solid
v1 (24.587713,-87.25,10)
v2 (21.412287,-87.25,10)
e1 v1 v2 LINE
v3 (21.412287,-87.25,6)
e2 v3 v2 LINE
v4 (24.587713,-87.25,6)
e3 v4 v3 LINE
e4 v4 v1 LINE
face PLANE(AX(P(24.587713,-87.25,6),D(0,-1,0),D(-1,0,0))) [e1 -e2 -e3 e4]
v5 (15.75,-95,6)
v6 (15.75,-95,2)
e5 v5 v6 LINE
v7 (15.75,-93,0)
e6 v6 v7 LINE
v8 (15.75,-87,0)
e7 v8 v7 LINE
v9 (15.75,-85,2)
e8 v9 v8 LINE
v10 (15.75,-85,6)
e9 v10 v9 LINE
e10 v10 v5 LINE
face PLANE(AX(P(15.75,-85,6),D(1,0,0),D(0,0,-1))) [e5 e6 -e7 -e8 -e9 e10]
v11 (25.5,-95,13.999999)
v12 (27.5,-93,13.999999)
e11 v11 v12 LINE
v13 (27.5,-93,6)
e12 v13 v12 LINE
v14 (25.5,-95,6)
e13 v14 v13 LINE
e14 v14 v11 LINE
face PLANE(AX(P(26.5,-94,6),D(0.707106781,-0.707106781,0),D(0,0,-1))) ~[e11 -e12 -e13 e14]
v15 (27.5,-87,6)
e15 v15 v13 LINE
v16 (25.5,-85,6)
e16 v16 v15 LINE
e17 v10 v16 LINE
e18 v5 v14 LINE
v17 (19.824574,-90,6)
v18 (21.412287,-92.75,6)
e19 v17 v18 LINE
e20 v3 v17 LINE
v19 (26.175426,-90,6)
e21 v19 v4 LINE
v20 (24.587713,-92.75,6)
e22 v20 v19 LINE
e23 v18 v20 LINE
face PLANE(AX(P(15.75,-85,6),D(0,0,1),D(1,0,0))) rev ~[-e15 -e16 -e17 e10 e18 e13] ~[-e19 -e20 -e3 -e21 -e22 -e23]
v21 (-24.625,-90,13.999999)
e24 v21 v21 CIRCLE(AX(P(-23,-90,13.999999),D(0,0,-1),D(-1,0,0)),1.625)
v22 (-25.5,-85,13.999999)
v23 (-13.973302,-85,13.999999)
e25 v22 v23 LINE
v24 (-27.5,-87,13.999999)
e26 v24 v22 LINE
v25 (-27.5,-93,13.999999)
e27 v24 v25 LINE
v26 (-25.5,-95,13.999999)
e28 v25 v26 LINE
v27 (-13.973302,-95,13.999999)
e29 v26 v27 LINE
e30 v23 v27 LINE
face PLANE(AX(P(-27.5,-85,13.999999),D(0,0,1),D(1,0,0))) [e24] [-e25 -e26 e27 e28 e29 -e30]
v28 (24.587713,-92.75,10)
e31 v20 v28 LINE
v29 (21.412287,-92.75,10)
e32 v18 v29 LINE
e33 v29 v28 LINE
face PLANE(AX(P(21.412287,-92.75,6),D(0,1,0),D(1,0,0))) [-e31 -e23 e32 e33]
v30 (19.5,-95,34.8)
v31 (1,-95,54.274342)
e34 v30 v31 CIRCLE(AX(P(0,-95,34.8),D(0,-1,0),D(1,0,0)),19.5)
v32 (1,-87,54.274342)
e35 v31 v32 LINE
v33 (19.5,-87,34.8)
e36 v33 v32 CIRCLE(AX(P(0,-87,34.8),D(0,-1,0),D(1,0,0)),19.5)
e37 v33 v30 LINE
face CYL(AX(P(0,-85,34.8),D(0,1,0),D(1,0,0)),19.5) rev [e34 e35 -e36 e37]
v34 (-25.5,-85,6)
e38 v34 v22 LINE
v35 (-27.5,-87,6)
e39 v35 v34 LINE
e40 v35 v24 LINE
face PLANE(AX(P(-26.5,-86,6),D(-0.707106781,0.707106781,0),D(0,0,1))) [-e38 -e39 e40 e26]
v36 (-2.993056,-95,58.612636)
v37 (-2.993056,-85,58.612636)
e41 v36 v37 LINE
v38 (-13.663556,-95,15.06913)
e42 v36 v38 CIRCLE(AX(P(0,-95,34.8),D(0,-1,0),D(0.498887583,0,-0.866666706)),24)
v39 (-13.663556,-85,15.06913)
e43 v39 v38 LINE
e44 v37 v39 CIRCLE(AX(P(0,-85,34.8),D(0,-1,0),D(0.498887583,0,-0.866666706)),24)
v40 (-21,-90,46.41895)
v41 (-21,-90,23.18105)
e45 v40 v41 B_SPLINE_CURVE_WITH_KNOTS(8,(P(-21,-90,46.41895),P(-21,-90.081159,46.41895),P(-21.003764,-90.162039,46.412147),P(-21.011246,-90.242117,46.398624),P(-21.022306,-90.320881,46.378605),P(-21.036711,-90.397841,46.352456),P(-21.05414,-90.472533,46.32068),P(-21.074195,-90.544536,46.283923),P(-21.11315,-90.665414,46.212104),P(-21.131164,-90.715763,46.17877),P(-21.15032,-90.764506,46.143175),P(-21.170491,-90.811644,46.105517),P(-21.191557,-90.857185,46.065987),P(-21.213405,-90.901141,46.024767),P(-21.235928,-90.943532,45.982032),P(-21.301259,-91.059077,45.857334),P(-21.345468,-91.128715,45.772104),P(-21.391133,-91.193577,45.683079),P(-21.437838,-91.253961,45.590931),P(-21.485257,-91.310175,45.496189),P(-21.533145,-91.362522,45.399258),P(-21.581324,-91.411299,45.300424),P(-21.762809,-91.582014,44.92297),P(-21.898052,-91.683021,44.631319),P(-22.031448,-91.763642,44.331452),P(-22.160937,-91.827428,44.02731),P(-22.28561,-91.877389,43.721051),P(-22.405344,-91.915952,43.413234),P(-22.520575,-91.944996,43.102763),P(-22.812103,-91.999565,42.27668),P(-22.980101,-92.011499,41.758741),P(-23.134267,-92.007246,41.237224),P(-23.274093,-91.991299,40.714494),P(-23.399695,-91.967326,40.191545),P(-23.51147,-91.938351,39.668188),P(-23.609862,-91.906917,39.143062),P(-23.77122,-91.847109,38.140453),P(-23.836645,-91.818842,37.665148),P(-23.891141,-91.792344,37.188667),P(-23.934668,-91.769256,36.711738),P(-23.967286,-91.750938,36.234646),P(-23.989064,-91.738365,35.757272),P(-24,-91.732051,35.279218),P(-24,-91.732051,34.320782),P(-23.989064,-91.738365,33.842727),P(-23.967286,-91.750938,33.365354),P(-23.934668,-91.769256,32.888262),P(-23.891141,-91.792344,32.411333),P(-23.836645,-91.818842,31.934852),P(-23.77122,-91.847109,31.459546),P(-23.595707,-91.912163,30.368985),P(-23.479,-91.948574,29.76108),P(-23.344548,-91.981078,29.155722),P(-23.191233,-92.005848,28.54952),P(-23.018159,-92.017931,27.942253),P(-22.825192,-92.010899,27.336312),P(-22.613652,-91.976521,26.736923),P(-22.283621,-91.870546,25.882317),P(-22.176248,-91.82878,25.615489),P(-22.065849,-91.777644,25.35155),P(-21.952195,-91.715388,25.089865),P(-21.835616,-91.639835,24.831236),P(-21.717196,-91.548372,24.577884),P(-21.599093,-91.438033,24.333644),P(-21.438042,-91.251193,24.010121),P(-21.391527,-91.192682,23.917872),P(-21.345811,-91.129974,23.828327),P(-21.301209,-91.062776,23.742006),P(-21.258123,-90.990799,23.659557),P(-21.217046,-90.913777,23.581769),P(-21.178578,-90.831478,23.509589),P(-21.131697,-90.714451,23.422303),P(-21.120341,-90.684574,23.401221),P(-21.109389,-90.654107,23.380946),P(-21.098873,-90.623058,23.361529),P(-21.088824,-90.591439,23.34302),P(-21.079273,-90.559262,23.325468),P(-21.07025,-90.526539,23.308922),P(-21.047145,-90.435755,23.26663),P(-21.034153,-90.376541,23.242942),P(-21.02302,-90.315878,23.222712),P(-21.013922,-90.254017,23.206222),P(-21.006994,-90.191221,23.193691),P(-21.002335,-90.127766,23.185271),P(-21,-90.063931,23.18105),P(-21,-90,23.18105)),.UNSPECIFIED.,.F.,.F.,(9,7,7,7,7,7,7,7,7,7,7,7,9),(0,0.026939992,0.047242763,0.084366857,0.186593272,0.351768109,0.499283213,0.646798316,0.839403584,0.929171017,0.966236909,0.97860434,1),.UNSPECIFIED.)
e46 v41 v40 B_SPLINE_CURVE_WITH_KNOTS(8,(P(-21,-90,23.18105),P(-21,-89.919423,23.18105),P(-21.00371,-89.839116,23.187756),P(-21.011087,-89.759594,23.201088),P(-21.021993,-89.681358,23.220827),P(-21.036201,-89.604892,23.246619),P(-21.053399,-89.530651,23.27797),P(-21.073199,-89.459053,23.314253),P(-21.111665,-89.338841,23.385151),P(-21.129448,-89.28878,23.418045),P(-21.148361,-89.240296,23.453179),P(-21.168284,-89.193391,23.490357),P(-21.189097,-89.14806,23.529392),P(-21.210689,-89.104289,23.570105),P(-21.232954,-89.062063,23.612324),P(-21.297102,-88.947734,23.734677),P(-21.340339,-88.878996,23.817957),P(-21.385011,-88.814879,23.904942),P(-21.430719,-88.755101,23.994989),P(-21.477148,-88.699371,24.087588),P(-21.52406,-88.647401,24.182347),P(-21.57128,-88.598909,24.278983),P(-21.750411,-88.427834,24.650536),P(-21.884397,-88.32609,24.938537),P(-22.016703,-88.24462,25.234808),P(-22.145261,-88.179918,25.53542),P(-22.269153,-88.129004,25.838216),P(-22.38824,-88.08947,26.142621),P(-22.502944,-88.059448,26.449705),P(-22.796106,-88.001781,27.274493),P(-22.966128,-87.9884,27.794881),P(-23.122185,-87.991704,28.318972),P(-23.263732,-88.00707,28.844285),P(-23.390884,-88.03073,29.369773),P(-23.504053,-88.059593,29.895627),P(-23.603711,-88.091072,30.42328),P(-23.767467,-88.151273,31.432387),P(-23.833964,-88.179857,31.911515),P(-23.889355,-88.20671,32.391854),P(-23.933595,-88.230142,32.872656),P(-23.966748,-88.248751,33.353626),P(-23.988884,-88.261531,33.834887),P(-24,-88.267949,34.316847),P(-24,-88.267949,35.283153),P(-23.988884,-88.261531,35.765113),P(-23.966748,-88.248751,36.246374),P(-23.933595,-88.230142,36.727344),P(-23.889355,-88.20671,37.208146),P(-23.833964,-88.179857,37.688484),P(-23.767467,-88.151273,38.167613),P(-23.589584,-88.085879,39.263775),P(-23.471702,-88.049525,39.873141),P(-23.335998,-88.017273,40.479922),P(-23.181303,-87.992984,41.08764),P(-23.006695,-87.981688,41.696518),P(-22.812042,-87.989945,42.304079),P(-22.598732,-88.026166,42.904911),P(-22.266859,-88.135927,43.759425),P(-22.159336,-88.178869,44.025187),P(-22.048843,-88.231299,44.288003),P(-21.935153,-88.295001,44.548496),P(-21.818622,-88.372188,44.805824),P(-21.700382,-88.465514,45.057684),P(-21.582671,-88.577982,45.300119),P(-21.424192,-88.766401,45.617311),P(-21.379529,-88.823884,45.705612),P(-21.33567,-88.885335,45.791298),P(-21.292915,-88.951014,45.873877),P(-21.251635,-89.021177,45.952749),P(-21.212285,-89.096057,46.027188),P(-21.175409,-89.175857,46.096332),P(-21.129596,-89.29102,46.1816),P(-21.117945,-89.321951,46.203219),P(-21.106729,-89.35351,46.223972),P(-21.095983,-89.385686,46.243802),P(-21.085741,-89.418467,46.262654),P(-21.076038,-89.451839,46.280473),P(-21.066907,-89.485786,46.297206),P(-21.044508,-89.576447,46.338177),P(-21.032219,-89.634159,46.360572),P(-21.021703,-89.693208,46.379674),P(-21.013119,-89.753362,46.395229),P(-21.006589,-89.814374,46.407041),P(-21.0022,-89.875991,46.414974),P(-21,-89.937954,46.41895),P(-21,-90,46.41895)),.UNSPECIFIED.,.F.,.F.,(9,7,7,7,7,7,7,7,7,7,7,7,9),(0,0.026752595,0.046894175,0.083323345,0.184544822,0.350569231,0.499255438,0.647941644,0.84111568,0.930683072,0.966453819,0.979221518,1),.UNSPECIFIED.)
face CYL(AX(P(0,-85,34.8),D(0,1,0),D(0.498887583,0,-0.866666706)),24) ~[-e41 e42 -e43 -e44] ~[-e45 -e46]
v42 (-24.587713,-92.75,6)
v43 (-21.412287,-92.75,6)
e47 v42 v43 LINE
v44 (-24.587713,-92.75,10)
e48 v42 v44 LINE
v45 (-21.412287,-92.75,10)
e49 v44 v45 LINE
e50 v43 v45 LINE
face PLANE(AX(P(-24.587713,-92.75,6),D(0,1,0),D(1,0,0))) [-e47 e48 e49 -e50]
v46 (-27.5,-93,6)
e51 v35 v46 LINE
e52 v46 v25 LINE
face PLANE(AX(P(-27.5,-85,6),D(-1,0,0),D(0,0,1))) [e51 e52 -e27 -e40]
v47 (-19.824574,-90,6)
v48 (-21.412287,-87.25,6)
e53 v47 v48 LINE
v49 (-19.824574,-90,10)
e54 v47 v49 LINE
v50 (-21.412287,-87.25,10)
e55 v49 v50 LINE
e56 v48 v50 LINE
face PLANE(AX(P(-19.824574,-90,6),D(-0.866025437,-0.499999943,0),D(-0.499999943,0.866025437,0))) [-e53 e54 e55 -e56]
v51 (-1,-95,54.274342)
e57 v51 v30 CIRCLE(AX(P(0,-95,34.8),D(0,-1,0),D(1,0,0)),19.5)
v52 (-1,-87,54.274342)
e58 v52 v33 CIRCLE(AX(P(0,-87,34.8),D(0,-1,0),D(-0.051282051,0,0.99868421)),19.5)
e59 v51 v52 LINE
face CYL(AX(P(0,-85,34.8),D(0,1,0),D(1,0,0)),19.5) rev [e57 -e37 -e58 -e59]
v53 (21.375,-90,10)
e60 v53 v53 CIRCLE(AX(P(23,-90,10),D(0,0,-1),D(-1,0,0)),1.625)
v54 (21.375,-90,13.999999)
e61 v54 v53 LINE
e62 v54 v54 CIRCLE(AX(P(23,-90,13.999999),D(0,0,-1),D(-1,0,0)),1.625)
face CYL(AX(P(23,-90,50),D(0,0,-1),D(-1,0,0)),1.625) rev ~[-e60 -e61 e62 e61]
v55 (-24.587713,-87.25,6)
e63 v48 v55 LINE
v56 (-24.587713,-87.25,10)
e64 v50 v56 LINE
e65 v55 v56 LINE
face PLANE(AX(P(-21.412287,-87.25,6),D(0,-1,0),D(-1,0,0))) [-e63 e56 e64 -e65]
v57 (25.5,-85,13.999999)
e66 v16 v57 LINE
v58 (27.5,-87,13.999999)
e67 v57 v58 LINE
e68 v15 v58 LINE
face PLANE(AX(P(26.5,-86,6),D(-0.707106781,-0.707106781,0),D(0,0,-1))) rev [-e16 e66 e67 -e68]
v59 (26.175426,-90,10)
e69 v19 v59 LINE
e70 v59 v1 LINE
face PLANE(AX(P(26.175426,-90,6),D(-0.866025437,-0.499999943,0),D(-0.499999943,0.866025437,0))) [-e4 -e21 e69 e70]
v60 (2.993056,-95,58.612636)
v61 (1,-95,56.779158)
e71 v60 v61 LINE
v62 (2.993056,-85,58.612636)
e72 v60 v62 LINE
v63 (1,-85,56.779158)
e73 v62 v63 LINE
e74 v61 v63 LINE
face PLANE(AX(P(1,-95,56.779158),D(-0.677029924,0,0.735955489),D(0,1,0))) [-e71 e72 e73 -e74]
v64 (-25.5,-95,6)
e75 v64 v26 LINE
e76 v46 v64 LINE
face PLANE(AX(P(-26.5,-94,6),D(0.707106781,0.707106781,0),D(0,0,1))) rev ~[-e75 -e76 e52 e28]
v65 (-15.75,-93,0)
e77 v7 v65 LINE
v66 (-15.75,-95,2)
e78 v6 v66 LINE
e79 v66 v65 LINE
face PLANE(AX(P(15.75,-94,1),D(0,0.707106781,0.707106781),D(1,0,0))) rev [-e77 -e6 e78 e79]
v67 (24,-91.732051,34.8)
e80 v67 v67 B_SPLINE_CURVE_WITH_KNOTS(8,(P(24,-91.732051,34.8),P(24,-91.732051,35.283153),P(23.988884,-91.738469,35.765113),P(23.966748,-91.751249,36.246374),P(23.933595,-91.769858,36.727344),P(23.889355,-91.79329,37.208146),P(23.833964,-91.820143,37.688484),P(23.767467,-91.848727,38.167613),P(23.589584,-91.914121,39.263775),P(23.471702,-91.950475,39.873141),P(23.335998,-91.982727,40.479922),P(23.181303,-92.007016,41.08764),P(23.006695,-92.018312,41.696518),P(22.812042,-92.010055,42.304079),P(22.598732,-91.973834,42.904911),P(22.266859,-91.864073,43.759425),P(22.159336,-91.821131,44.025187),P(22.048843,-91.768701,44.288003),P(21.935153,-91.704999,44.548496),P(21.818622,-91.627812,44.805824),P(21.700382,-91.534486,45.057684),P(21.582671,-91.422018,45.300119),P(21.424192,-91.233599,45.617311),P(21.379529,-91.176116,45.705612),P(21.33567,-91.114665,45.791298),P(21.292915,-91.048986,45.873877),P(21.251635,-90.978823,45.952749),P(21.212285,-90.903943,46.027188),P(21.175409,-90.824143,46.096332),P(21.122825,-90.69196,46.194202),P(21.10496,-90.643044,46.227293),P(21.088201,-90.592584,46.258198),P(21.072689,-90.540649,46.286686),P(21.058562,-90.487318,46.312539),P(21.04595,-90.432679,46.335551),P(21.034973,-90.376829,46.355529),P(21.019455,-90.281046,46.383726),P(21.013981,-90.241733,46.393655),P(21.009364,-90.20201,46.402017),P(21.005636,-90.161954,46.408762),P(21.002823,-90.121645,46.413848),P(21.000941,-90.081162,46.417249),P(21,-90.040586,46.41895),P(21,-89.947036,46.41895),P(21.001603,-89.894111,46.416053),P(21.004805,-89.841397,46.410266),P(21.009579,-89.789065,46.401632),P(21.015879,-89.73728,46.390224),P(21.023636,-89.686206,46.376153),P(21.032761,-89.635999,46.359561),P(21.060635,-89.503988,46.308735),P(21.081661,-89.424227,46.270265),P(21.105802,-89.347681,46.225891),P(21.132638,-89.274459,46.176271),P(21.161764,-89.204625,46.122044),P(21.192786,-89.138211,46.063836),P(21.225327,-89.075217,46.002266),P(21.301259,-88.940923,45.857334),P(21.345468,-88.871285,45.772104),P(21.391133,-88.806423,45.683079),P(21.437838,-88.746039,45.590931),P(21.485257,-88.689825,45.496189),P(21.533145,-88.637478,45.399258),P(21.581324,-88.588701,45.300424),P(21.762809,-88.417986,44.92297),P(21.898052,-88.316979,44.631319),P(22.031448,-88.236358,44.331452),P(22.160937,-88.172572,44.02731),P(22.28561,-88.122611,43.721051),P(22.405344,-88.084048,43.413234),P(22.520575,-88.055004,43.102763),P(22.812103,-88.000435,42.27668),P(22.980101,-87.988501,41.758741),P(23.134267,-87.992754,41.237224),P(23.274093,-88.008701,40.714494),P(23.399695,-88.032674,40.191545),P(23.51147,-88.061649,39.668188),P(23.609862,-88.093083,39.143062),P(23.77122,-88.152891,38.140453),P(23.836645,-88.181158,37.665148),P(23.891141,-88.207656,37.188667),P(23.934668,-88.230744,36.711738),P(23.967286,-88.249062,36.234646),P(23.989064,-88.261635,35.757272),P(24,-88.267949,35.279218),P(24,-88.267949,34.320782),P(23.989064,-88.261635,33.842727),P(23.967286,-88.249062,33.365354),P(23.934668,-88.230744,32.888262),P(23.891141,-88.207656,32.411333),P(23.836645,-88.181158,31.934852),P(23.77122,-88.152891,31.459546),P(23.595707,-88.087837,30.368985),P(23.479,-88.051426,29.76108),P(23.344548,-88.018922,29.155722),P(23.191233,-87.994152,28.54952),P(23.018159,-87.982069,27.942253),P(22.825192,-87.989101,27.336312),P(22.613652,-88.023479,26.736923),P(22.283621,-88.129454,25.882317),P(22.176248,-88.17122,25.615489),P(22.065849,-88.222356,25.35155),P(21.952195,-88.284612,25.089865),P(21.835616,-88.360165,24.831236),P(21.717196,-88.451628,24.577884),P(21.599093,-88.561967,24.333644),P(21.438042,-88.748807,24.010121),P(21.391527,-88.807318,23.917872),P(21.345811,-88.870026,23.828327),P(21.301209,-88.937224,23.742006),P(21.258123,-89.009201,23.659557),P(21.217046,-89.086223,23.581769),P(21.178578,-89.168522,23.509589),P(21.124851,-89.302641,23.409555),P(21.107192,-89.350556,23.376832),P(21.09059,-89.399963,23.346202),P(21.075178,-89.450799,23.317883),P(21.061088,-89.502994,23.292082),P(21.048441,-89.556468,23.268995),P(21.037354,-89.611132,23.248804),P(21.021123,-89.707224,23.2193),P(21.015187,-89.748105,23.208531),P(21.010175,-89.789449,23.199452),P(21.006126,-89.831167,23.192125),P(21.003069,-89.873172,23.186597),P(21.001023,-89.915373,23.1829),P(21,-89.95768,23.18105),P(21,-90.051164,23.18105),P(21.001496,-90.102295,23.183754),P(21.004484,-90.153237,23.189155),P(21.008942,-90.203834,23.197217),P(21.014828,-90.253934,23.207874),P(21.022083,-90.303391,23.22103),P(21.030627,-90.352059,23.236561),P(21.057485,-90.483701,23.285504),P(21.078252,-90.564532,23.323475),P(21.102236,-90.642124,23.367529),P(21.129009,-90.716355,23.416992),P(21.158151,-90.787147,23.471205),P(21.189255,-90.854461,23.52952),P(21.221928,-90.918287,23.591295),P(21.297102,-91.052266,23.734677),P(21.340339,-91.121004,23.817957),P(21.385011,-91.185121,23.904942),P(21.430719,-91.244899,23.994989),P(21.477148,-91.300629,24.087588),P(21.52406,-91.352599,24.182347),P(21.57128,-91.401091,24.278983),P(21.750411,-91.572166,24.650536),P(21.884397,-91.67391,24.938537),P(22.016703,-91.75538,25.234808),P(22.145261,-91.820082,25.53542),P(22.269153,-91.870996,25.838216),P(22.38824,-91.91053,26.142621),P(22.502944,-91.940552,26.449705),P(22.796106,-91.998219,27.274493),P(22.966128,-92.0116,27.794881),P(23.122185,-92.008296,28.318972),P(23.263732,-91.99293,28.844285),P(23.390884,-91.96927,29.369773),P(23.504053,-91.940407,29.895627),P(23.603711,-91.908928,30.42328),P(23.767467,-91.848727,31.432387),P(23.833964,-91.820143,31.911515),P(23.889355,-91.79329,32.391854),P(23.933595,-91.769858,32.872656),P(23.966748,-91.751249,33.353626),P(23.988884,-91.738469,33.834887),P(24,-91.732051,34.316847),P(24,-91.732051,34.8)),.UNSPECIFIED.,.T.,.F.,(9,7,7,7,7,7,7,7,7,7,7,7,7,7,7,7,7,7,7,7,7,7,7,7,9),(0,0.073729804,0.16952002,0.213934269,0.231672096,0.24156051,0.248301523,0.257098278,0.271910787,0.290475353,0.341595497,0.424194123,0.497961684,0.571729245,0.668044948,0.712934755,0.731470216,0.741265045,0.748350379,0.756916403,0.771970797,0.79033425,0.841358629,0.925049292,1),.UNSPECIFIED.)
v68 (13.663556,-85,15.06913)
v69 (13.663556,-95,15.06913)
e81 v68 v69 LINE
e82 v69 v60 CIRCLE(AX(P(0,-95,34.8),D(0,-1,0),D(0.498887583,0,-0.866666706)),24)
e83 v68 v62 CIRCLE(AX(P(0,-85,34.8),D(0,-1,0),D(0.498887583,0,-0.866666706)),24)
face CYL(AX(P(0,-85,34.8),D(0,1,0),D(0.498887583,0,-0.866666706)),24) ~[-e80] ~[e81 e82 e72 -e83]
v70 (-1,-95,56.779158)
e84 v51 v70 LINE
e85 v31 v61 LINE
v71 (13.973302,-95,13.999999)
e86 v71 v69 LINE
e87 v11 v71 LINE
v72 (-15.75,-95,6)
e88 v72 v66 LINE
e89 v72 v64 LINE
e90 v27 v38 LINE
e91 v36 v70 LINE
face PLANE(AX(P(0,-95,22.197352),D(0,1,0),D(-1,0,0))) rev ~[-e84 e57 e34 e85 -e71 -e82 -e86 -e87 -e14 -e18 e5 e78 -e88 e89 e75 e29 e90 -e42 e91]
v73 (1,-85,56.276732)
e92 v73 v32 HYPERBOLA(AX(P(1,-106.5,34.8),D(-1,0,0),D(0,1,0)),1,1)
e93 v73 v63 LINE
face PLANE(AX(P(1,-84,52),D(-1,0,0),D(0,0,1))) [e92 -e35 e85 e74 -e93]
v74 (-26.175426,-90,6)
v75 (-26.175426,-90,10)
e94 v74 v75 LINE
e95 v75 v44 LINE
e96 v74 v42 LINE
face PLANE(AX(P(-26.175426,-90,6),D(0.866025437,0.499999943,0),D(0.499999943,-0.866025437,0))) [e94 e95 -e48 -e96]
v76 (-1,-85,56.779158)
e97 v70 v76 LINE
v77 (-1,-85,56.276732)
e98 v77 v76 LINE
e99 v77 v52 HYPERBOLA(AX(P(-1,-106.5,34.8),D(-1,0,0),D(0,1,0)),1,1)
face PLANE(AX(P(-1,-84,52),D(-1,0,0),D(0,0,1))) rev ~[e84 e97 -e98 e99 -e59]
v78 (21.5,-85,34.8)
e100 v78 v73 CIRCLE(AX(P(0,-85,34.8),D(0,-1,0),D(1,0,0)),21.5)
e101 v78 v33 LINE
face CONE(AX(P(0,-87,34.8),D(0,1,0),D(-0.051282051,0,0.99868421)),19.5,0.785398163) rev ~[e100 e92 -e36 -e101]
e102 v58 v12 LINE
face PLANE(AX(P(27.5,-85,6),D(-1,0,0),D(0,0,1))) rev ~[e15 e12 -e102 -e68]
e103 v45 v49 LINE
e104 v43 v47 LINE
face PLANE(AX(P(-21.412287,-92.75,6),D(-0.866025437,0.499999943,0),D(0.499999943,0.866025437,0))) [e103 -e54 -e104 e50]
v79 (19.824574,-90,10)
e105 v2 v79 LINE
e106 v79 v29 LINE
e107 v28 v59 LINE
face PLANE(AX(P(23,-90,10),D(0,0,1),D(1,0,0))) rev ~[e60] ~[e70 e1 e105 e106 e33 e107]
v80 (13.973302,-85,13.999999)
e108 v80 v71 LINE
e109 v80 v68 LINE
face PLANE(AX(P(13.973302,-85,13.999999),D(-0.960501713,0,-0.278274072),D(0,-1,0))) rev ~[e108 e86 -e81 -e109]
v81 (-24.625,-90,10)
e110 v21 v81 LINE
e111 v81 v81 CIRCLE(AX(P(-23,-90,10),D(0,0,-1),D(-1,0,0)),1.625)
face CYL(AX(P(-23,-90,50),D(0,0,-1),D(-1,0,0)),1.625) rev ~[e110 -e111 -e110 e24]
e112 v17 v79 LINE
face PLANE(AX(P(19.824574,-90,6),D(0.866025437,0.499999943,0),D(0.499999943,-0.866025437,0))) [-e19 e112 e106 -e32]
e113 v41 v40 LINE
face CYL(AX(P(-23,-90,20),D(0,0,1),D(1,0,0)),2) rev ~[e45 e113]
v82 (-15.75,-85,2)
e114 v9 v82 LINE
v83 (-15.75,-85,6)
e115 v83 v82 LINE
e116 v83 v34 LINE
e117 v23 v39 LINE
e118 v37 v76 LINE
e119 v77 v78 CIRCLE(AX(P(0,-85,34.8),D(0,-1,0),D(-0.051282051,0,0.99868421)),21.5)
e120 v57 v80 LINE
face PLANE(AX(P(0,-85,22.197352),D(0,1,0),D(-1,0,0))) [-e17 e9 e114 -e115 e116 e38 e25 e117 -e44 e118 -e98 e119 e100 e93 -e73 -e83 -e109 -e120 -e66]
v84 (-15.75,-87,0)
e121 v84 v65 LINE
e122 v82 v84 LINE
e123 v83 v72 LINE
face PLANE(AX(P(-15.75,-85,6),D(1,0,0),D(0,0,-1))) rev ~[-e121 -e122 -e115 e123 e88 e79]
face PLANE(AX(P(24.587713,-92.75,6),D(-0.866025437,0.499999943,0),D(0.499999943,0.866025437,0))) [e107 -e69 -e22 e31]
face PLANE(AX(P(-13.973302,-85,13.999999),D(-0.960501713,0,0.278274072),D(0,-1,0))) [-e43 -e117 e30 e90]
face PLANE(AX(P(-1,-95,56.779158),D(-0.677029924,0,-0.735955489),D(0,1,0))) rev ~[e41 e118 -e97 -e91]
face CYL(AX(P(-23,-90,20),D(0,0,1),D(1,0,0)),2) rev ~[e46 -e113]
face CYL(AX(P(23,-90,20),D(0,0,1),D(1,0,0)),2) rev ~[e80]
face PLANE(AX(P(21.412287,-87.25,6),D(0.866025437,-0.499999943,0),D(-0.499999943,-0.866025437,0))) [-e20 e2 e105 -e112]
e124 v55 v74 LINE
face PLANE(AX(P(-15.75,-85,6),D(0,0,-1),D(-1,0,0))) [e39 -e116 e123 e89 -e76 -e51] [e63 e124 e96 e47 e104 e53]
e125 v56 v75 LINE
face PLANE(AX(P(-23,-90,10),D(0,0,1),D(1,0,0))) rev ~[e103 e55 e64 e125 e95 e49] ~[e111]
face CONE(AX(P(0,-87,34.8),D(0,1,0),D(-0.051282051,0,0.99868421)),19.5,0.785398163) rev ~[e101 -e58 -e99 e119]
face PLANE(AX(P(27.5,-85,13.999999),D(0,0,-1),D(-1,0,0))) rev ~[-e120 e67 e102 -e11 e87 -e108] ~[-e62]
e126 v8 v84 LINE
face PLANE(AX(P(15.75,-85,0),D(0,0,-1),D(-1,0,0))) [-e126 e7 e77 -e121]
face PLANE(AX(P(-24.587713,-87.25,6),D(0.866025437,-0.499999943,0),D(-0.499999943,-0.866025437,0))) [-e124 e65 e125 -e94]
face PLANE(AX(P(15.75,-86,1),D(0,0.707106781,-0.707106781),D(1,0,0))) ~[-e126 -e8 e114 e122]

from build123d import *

# Parameters (mm, degrees)
SKETCH027_R         = 19.5
PAD014_DEPTH        = 10
HOLE004_D           = 3.25
HOLE004_DEPTH       = 55
HOLE004_CBORE_D     = 4
HOLE004_CBORE_DEPTH = 30
POCKET003_DEPTH     = 4
SKETCH033_W         = 2
SKETCH033_H         = 10
POCKET004_DEPTH     = 12
CHAMFER005_SIZE     = 2


with BuildPart() as part:
    # Sketch027 → Pad014 (new body)
    with BuildSketch(Plane.XZ.offset(85)):
        with BuildLine():
            Line((-27.5, 6), (-27.5, 13.999999))
            Line((-27.5, 13.999999), (-11.973302, 13.999999))
            ThreePointArc((11.973302, 13.999999), (0, 58.8), (-11.973302, 13.999999))
            Line((27.5, 13.999999), (11.973302, 13.999999))
            Line((27.5, 6), (27.5, 13.999999))
            Line((15.75, 6), (27.5, 6))
            Line((15.75, 6), (15.75, 0))
            Line((15.75, 0), (-15.75, 0))
            Line((-15.75, 6), (-15.75, 0))
            Line((-15.75, 6), (-27.5, 6))
        make_face()
        with Locations((0, 34.8)):
            Circle(SKETCH027_R, mode=Mode.SUBTRACT)
    extrude(amount=PAD014_DEPTH)

    # Hole004
    with Locations(Plane.XY.offset(50)):
        with Locations((-23, -90), (23, -90)):
            CounterBoreHole(HOLE004_D / 2, HOLE004_CBORE_D / 2, HOLE004_CBORE_DEPTH, depth=HOLE004_DEPTH)

    # Sketch029 → Pocket003 (cut)
    with BuildSketch(Plane.XY.offset(6)):
        Polygon((-21.412287, -92.75), (-19.824574, -90), (-21.412287, -87.25), (-24.587713, -87.25), (-26.175426, -90), (-24.587713, -92.75), align=None)
        Polygon((24.587713, -92.75), (26.175426, -90), (24.587713, -87.25), (21.412287, -87.25), (19.824574, -90), (21.412287, -92.75), align=None)
    extrude(amount=POCKET003_DEPTH, mode=Mode.SUBTRACT)

    # Sketch033 → Pocket004 (cut)
    with BuildSketch(Plane.XZ.offset(84)):
        with Locations((0, 57)):
            Rectangle(SKETCH033_W, SKETCH033_H)
    extrude(amount=POCKET004_DEPTH, mode=Mode.SUBTRACT)

    # Chamfer005
    chamfer005_edges = [part.edges().sort_by_distance(p)[0] for p in [
        (27.5, -85, 10),
        (-27.5, -85, 10),
        (0, -85, 0),
        (14.137716, -85, 48.230376),
        (-13.430376, -85, 20.662284),
        (11.973302, -90, 13.999999),
        (-11.973302, -90, 13.999999),
        (27.5, -95, 10),
        (-27.5, -95, 10),
        (0, -95, 0),
        (-1, -90, 58.779158),
        (1, -90, 58.779158),
    ]]
    chamfer(chamfer005_edges, length=CHAMFER005_SIZE)


solid = part.part
